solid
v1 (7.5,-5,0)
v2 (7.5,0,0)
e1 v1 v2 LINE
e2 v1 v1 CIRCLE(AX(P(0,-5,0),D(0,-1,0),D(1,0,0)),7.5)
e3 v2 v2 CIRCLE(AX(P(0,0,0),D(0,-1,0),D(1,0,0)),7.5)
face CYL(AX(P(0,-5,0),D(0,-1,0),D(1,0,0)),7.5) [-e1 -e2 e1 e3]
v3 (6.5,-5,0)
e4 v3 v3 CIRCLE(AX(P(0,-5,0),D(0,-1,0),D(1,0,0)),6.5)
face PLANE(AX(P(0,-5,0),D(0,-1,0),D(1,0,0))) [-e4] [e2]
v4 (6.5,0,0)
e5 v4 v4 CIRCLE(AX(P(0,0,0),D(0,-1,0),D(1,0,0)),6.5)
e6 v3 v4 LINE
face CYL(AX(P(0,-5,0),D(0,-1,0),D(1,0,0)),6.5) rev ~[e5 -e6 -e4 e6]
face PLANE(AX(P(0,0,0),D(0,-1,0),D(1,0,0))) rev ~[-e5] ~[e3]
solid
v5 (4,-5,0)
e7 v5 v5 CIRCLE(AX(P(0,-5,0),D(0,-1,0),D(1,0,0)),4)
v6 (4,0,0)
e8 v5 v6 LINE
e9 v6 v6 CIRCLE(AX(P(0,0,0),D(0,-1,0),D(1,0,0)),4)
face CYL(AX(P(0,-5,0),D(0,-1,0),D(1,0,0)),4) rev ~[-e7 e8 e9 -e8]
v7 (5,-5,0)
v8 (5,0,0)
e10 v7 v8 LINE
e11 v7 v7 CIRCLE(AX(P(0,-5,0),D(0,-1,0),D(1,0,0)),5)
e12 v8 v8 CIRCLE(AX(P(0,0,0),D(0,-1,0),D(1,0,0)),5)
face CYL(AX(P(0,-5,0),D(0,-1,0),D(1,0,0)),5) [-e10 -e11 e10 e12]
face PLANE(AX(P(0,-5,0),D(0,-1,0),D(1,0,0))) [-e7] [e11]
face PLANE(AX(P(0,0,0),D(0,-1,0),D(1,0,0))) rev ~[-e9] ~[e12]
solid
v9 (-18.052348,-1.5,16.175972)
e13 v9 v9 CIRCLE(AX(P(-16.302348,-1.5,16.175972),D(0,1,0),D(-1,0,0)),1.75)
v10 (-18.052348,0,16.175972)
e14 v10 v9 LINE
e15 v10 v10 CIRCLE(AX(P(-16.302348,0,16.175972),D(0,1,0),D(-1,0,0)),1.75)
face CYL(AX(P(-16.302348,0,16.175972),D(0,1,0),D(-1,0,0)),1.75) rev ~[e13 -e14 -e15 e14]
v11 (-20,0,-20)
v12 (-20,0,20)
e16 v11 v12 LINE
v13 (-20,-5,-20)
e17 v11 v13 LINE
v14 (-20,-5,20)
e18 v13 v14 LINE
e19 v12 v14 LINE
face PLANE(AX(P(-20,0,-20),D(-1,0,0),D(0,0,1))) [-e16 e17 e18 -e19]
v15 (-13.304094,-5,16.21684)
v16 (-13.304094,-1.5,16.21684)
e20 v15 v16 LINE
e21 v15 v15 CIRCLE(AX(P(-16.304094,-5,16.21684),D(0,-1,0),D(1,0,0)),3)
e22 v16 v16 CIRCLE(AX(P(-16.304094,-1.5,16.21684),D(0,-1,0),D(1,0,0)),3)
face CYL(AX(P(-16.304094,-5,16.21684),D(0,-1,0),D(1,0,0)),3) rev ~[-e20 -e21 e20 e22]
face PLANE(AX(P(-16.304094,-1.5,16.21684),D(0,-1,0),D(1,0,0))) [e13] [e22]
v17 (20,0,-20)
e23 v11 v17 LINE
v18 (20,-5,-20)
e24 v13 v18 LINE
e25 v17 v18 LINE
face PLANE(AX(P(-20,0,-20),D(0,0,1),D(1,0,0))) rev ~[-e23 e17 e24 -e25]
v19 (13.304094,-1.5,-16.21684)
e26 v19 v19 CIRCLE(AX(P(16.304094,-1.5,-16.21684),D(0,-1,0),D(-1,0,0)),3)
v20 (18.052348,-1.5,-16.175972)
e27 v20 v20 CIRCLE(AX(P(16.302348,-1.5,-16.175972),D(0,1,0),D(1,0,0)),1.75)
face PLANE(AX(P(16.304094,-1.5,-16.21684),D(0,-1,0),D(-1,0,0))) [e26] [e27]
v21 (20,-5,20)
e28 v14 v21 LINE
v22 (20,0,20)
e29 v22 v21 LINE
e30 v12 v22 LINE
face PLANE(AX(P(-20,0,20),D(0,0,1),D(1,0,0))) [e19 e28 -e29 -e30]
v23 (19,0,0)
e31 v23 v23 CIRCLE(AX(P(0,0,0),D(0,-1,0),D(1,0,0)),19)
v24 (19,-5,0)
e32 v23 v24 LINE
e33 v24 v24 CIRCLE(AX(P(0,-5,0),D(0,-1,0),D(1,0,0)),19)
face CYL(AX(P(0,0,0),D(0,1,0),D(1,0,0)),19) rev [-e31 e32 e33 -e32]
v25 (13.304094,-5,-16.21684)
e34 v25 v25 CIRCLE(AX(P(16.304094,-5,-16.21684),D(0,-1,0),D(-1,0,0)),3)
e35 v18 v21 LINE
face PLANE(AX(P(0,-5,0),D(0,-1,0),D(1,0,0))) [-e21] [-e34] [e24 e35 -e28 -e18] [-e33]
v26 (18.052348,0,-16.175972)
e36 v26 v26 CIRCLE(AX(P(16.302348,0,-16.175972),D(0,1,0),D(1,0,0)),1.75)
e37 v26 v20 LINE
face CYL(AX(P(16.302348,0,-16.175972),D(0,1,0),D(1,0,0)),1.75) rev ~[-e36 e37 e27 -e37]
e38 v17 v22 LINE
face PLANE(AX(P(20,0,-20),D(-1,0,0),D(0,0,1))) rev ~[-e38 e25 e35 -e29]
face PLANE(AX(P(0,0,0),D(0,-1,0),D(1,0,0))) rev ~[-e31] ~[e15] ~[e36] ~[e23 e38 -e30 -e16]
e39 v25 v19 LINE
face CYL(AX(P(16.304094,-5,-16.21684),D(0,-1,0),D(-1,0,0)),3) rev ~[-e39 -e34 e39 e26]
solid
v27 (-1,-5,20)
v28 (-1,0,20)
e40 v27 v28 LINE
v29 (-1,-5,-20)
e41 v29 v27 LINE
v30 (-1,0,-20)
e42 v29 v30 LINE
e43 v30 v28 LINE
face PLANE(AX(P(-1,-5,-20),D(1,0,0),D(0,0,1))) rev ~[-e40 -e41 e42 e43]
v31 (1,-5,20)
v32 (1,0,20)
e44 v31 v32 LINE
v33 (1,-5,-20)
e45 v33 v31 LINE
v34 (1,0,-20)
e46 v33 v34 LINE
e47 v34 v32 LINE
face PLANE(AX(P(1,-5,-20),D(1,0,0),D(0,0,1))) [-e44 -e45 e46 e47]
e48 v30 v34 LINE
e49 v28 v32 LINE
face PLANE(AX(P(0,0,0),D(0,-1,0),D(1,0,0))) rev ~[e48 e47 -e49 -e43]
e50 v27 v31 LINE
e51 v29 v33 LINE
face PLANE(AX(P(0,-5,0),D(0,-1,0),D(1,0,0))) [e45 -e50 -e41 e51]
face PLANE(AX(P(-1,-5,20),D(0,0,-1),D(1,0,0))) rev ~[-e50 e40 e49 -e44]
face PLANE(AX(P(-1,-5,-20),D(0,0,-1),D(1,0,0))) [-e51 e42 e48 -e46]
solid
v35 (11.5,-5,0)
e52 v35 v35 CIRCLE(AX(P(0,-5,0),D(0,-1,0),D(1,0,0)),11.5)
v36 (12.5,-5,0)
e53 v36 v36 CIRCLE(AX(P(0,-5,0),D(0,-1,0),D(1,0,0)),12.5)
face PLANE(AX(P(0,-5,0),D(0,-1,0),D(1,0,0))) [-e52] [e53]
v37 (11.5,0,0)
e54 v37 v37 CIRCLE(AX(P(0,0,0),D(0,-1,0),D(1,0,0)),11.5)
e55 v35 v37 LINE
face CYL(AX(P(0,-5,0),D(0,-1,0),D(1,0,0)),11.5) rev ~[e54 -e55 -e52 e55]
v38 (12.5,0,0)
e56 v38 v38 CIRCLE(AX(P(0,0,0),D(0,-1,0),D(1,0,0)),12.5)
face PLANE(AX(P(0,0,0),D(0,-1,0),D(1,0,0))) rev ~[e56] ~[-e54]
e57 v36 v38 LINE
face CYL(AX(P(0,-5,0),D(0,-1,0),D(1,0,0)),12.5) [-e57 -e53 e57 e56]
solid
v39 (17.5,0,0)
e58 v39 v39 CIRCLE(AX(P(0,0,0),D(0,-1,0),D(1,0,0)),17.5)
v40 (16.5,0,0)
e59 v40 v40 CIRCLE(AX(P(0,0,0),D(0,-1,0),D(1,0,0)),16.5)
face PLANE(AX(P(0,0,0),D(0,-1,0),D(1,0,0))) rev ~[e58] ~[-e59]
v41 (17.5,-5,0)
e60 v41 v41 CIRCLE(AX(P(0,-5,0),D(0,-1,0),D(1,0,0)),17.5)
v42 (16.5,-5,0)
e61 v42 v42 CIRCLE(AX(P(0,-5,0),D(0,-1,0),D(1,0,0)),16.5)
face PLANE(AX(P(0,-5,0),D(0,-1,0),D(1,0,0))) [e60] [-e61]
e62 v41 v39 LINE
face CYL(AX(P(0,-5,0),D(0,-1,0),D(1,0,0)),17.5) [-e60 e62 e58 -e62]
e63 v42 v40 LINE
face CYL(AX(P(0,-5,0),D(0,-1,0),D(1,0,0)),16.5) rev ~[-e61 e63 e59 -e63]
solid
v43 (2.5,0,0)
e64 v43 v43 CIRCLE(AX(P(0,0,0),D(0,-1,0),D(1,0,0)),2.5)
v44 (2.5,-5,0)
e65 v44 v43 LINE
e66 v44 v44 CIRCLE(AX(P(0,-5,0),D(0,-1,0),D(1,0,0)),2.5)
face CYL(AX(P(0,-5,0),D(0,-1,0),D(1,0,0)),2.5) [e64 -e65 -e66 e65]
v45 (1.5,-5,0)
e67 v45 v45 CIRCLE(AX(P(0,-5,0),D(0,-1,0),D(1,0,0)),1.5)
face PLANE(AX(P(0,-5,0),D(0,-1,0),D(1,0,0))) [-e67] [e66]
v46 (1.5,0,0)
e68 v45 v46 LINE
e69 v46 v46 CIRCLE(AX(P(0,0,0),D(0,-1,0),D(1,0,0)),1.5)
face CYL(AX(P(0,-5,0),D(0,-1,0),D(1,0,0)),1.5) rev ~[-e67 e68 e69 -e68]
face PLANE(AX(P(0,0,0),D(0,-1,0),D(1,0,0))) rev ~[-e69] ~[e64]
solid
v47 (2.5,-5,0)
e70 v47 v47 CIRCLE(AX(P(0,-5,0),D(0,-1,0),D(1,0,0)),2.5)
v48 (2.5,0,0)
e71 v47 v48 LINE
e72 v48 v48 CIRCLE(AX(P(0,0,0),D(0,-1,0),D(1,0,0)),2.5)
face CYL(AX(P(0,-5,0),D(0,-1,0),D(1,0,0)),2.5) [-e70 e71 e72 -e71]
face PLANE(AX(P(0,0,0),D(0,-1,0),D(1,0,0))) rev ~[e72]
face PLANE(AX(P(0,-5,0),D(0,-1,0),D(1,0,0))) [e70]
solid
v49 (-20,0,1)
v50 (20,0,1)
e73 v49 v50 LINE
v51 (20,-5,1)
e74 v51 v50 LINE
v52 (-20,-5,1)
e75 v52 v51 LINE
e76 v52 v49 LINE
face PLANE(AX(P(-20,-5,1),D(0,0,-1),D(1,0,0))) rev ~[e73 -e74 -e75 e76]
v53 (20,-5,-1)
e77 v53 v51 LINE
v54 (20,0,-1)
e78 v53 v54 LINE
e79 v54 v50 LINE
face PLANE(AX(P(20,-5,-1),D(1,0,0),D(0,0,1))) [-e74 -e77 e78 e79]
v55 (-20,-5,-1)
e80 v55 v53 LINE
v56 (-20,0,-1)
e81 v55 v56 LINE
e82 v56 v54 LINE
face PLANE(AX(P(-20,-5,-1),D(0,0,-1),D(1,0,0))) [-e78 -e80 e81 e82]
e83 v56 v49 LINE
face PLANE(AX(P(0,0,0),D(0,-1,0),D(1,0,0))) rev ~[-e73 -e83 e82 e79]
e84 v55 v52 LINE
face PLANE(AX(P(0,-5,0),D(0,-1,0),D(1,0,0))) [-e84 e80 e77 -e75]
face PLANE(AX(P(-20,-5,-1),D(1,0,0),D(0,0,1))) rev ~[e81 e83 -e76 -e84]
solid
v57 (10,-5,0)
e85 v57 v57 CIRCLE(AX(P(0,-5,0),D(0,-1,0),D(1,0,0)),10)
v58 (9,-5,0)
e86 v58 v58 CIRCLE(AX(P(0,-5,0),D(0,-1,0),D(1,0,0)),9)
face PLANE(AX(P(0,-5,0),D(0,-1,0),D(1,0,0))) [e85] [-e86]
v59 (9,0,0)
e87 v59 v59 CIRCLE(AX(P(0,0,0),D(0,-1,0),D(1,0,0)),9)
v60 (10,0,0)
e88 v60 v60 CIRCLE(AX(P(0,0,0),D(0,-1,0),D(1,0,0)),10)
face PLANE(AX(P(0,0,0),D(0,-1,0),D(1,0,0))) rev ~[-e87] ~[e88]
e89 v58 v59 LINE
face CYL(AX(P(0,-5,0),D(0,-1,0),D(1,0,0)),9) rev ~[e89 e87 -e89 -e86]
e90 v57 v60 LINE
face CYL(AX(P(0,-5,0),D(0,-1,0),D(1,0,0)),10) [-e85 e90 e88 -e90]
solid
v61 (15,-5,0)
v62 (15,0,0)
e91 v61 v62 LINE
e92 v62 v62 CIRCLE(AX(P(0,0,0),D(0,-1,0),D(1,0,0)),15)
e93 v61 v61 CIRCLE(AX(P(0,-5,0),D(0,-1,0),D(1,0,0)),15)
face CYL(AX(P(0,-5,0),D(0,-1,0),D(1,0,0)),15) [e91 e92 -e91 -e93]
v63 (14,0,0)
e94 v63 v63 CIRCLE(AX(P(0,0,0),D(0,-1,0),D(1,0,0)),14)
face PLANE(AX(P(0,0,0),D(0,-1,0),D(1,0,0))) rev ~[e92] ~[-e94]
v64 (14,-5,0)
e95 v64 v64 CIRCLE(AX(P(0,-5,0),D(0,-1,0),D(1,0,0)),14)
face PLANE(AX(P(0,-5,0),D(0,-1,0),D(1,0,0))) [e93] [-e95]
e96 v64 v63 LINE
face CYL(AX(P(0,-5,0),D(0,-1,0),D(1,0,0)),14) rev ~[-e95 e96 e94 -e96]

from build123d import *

# Parameters (mm, degrees)
F0_W      = 40
F0_H      = 40
F0_R      = 19
F1_DEPTH  = 5
F3_R      = 1.75
F4_DEPTH  = 5
F2_R      = 3
F5_DEPTH  = 3.5
F7_COUNT  = 2
F9_R      = 10
F9_R_2    = 9
F19_DEPTH = 5
F10_R     = 5
F10_R_2   = 4
F11_R     = 7.5
F11_R_2   = 6.5
F12_R     = 2.5
F12_R_2   = 1.5
F13_R     = 2.5
F14_R     = 12.5
F14_R_2   = 11.5
F15_R     = 15
F15_R_2   = 14
F16_R     = 17.5
F16_R_2   = 16.5
F17_W     = 2
F17_H     = 40
F18_W     = 40
F18_H     = 2


with BuildPart() as f1:
    # F0 (on Front) → F1 (new body)
    with BuildSketch(Plane.XZ):
        Rectangle(F0_W, F0_H)
        Circle(F0_R, mode=Mode.SUBTRACT)
    extrude(amount=F1_DEPTH)


with BuildPart() as f4:
    # F3 (on face) → F4 (new body)
    with BuildSketch(Plane(origin=(0, 0, 0), x_dir=(-1, 0, 0), z_dir=(0, 1, 0))):
        with Locations((16.3023483751, 16.1759720192)):
            Circle(F3_R)
    extrude(amount=-F4_DEPTH)


with BuildPart() as f5:
    # F2 (on face) → F5 (new body)
    with BuildSketch(Plane.XZ.offset(5)):
        with Locations((-16.3040937899, 16.2168404302)):
            Circle(F2_R)
    extrude(amount=-F5_DEPTH)


with BuildPart() as f7_1:
    # F7: instance of F4
    add(f4.part.rotate(Axis((0, -5.2183736116, 0), (0, -1, 0)), 1 * 360 / F7_COUNT))


with BuildPart() as f7_2:
    # F7: instance of F5
    add(f5.part.rotate(Axis((0, -5.2183736116, 0), (0, -1, 0)), 1 * 360 / F7_COUNT))


with BuildPart() as f1_1:
    add(f1.part)

    # F8: cut F7_2, F7_1, F5, F4
    add(f7_2.part, mode=Mode.SUBTRACT)
    add(f7_1.part, mode=Mode.SUBTRACT)
    add(f5.part, mode=Mode.SUBTRACT)
    add(f4.part, mode=Mode.SUBTRACT)


with BuildPart() as f19:
    # F9 (on face) → F19 (new body)
    with BuildSketch(Plane.XZ.offset(5)):
        Circle(F9_R)
        Circle(F9_R_2, mode=Mode.SUBTRACT)
    extrude(amount=-F19_DEPTH)


with BuildPart() as f19b:
    # F10 (on face) → F19, piece 2 (new body)
    with BuildSketch(Plane.XZ.offset(5)):
        Circle(F10_R)
        Circle(F10_R_2, mode=Mode.SUBTRACT)
    extrude(amount=-F19_DEPTH)


with BuildPart() as f19c:
    # F11 (on face) → F19, piece 3 (new body)
    with BuildSketch(Plane.XZ.offset(5)):
        Circle(F11_R)
        Circle(F11_R_2, mode=Mode.SUBTRACT)
    extrude(amount=-F19_DEPTH)


with BuildPart() as f19d:
    # F12 (on face) → F19, piece 4 (new body)
    with BuildSketch(Plane.XZ.offset(5)):
        Circle(F12_R)
        Circle(F12_R_2, mode=Mode.SUBTRACT)
    extrude(amount=-F19_DEPTH)


with BuildPart() as f19e:
    # F13 (on face) → F19, piece 5 (new body)
    with BuildSketch(Plane.XZ.offset(5)):
        Circle(F13_R)
    extrude(amount=-F19_DEPTH)


with BuildPart() as f19f:
    # F14 (on face) → F19, piece 6 (new body)
    with BuildSketch(Plane.XZ.offset(5)):
        Circle(F14_R)
        Circle(F14_R_2, mode=Mode.SUBTRACT)
    extrude(amount=-F19_DEPTH)


with BuildPart() as f19g:
    # F15 (on face) → F19, piece 7 (new body)
    with BuildSketch(Plane.XZ.offset(5)):
        Circle(F15_R)
        Circle(F15_R_2, mode=Mode.SUBTRACT)
    extrude(amount=-F19_DEPTH)


with BuildPart() as f19h:
    # F16 (on face) → F19, piece 8 (new body)
    with BuildSketch(Plane.XZ.offset(5)):
        Circle(F16_R)
        Circle(F16_R_2, mode=Mode.SUBTRACT)
    extrude(amount=-F19_DEPTH)


with BuildPart() as f19i:
    # F17 (on face) → F19, piece 9 (new body)
    with BuildSketch(Plane.XZ.offset(5)):
        Rectangle(F17_W, F17_H)
    extrude(amount=-F19_DEPTH)


with BuildPart() as f19j:
    # F18 (on face) → F19, piece 10 (new body)
    with BuildSketch(Plane.XZ.offset(5)):
        Rectangle(F18_W, F18_H)
    extrude(amount=-F19_DEPTH)


solid = Compound([f1_1.part, f19.part, f19b.part, f19c.part, f19d.part, f19e.part, f19f.part, f19g.part, f19h.part, f19i.part, f19j.part])
